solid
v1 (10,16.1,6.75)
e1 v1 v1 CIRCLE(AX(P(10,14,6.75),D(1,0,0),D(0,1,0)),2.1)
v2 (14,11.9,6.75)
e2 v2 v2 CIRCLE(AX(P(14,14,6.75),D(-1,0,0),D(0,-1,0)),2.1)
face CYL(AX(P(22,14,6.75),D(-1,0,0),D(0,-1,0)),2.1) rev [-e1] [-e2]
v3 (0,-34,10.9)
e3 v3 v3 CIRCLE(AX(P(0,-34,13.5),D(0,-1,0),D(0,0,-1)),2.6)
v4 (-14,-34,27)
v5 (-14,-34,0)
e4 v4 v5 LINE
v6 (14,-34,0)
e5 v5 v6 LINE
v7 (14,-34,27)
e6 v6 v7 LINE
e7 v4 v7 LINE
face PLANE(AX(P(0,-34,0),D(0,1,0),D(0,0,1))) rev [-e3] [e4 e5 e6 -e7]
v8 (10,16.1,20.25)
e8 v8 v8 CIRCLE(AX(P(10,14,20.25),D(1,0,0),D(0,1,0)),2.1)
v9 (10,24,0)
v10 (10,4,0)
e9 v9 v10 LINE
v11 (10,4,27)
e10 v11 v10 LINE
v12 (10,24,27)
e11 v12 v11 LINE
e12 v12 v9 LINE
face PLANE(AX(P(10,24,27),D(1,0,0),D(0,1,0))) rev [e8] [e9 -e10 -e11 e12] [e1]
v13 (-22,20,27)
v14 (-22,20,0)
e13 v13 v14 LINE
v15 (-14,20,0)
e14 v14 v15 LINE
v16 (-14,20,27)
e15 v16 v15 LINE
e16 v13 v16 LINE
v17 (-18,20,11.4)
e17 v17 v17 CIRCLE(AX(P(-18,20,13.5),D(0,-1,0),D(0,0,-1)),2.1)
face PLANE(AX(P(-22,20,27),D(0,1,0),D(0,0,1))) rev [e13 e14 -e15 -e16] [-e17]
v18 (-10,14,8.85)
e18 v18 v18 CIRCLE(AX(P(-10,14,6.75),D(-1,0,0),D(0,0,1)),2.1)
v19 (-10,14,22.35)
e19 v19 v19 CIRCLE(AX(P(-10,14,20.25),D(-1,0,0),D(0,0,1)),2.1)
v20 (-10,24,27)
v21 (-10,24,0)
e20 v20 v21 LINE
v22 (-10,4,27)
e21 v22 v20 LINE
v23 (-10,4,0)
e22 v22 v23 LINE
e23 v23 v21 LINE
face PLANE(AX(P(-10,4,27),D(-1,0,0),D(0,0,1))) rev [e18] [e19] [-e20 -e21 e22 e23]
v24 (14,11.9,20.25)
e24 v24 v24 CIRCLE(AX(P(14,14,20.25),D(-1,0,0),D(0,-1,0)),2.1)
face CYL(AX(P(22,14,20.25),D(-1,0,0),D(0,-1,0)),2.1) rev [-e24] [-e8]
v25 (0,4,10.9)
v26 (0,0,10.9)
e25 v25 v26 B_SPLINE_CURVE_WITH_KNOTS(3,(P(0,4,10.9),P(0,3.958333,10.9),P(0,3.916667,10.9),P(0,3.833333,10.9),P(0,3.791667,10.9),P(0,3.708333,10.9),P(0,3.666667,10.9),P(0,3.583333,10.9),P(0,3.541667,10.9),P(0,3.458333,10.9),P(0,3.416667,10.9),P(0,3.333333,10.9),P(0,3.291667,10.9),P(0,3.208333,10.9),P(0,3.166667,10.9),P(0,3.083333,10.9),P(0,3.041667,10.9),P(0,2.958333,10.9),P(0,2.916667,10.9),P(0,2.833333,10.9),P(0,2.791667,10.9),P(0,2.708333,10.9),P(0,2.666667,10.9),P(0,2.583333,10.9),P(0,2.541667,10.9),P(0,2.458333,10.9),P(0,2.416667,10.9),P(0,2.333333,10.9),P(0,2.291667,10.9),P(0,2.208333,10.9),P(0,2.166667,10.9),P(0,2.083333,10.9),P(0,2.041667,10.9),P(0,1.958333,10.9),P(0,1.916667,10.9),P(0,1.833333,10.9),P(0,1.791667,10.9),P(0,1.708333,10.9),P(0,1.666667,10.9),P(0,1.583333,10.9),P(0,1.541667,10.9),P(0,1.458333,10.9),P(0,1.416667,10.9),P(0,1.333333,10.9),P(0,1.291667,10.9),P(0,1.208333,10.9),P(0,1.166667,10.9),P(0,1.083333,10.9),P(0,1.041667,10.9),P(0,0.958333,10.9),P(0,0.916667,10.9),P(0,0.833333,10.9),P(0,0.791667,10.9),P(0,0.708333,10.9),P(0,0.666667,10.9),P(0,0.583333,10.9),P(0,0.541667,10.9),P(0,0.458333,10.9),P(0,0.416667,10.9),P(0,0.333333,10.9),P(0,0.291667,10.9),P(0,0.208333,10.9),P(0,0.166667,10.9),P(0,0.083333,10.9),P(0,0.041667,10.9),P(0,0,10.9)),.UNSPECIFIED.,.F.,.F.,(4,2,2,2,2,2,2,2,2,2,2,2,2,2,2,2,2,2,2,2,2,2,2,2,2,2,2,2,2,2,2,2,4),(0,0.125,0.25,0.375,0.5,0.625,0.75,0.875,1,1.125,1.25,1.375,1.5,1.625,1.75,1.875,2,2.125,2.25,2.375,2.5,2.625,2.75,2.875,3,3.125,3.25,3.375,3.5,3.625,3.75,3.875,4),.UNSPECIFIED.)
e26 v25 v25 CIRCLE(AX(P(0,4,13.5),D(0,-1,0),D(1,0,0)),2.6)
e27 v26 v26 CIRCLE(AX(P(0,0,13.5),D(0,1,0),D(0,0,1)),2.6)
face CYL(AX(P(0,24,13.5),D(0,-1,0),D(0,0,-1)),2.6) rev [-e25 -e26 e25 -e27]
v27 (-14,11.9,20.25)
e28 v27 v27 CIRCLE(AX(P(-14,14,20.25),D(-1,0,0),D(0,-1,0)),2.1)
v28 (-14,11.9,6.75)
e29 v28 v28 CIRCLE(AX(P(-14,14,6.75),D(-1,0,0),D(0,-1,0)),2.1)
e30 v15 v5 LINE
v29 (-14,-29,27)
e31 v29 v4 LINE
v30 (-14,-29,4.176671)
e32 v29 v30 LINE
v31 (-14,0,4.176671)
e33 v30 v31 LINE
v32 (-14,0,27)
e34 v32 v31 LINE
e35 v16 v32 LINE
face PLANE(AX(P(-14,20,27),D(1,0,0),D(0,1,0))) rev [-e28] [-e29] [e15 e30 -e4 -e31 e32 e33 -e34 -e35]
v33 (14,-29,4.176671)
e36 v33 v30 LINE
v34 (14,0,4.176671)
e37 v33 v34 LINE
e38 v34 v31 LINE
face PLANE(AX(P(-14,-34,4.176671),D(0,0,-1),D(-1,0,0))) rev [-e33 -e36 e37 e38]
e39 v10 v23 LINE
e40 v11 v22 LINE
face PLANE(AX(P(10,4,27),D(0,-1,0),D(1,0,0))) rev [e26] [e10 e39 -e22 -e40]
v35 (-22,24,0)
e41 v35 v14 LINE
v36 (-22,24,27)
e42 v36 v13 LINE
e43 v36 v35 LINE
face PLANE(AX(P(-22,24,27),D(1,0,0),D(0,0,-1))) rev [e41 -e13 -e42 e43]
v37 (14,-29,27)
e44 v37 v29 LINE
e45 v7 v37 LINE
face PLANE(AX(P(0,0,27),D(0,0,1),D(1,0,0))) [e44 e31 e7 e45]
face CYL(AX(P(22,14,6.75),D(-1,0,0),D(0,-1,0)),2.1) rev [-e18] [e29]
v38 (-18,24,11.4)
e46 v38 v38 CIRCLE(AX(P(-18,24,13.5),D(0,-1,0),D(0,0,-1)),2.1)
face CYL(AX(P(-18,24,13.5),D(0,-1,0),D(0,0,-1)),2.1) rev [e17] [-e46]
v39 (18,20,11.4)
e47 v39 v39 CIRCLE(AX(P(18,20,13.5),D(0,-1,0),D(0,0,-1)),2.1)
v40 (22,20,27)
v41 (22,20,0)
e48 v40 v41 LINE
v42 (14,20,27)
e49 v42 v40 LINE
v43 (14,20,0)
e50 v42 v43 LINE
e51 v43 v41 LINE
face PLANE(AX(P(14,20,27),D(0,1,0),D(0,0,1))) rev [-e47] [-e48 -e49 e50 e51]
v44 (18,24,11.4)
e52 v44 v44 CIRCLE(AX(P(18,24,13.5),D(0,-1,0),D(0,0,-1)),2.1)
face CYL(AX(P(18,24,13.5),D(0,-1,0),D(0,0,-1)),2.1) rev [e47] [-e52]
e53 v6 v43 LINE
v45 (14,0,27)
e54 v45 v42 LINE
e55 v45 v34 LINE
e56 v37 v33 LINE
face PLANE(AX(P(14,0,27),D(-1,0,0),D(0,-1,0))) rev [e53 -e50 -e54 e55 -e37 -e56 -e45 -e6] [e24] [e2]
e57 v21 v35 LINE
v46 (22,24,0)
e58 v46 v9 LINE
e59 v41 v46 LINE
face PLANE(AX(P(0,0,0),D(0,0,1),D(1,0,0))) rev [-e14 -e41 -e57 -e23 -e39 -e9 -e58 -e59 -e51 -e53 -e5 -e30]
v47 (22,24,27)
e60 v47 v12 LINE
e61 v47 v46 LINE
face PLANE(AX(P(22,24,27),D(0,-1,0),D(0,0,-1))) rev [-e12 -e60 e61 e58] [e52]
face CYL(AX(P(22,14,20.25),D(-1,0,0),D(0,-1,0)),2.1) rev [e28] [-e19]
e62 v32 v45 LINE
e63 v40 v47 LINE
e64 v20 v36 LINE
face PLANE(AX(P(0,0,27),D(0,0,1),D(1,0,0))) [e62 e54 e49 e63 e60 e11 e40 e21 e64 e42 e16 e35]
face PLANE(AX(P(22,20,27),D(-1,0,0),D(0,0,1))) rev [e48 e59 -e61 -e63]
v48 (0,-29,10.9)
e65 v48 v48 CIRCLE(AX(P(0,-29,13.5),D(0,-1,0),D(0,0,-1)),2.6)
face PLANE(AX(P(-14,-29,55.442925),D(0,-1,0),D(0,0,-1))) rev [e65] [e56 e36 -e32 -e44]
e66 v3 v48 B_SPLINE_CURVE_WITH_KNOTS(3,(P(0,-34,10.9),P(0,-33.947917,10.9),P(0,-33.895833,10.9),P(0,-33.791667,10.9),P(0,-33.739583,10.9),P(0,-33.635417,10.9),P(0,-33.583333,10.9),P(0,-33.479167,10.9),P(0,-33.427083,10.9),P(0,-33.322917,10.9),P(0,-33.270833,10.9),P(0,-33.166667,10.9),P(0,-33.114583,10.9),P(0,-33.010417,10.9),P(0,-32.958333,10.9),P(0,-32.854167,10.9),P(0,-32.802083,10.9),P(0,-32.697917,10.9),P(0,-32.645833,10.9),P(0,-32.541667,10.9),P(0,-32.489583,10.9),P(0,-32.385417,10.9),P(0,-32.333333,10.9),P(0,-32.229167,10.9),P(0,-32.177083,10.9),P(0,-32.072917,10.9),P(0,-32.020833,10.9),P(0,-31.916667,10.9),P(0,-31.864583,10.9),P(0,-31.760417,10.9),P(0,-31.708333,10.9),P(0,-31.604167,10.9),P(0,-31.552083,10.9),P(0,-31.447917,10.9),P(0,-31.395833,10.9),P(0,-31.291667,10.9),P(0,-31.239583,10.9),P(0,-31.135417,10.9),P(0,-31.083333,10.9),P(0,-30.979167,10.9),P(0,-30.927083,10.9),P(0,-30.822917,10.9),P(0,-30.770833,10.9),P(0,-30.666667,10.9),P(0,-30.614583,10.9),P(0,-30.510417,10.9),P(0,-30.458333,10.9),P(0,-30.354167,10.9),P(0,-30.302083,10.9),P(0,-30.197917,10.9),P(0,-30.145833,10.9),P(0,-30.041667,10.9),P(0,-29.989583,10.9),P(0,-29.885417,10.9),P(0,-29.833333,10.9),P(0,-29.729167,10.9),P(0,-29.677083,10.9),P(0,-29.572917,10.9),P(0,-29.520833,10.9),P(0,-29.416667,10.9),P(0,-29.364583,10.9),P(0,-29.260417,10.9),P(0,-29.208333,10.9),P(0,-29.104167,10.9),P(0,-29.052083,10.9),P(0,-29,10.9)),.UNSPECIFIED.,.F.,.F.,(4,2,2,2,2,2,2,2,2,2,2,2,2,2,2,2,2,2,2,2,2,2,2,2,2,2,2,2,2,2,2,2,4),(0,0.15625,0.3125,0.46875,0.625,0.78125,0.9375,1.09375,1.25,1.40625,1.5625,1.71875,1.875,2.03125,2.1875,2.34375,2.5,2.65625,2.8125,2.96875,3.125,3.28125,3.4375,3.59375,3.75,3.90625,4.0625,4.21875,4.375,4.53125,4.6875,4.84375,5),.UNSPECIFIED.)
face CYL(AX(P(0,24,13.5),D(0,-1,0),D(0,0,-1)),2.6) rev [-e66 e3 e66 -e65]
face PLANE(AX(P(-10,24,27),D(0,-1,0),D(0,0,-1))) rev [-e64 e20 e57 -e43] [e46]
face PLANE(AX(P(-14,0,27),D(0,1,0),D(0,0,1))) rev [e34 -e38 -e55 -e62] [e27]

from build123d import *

# Parameters (mm, degrees)
BOSS_EXTRUDE1_DEPTH = 27
SKETCH2_R           = 2.1
CUT_EXTRUDE1_DEPTH  = 52
SKETCH3_R           = 2.1
CUT_EXTRUDE2_DEPTH  = 41.162171256
SKETCH5_W           = 28
SKETCH5_H           = 4.176671075
BOSS_EXTRUDE2_DEPTH = 34
SKETCH6_W           = 28
SKETCH6_H           = 5
BOSS_EXTRUDE3_DEPTH = 22.823328925
SKETCH7_R           = 2.6
CUT_EXTRUDE3_DEPTH  = 68.653529103


with BuildPart() as part:
    # Sketch1 → Boss-Extrude1 (new body)
    with BuildSketch(Plane.XY):
        Polygon((-14, 0), (14, 0), (14, 20), (22, 20), (22, 24), (10, 24), (10, 4), (-10, 4), (-10, 24), (-22, 24), (-22, 20), (-14, 20), align=None)
    extrude(amount=BOSS_EXTRUDE1_DEPTH)

    # Sketch2 → Cut-Extrude1 (cut, through all)
    with BuildSketch(Plane.ZY.offset(14)):
        with Locations(Location((6.75, 14, 0), (0, 0, 270))):
            Circle(SKETCH2_R)
        with Locations(Location((20.25, 14, 0), (0, 0, 270))):
            Circle(SKETCH2_R)
    extrude(amount=-CUT_EXTRUDE1_DEPTH, mode=Mode.SUBTRACT)

    # Sketch3 → Cut-Extrude2 (cut, through all)
    with BuildSketch(Plane.XZ.offset(-20)):
        with Locations(Location((-18, 13.5, 0), (0, 0, 270))):
            Circle(SKETCH3_R)
        with Locations(Location((18, 13.5, 0), (0, 0, 270))):
            Circle(SKETCH3_R)
    extrude(amount=-CUT_EXTRUDE2_DEPTH, mode=Mode.SUBTRACT)

    # Sketch5 → Boss-Extrude2 (add)
    with BuildSketch(Plane.XZ):
        with Locations((0, 2.088335538)):
            Rectangle(SKETCH5_W, SKETCH5_H)
    extrude(amount=BOSS_EXTRUDE2_DEPTH)

    # Sketch6 → Boss-Extrude3 (add)
    with BuildSketch(Plane.XY.offset(4.176671075)):
        with Locations((0, -31.5)):
            Rectangle(SKETCH6_W, SKETCH6_H)
    extrude(amount=BOSS_EXTRUDE3_DEPTH)

    # Sketch7 → Cut-Extrude3 (cut, through all)
    with BuildSketch(Plane.XZ.offset(34)):
        with Locations(Location((0, 13.5, 0), (0, 0, 270))):
            Circle(SKETCH7_R)
    extrude(amount=-CUT_EXTRUDE3_DEPTH, mode=Mode.SUBTRACT)


solid = part.part
